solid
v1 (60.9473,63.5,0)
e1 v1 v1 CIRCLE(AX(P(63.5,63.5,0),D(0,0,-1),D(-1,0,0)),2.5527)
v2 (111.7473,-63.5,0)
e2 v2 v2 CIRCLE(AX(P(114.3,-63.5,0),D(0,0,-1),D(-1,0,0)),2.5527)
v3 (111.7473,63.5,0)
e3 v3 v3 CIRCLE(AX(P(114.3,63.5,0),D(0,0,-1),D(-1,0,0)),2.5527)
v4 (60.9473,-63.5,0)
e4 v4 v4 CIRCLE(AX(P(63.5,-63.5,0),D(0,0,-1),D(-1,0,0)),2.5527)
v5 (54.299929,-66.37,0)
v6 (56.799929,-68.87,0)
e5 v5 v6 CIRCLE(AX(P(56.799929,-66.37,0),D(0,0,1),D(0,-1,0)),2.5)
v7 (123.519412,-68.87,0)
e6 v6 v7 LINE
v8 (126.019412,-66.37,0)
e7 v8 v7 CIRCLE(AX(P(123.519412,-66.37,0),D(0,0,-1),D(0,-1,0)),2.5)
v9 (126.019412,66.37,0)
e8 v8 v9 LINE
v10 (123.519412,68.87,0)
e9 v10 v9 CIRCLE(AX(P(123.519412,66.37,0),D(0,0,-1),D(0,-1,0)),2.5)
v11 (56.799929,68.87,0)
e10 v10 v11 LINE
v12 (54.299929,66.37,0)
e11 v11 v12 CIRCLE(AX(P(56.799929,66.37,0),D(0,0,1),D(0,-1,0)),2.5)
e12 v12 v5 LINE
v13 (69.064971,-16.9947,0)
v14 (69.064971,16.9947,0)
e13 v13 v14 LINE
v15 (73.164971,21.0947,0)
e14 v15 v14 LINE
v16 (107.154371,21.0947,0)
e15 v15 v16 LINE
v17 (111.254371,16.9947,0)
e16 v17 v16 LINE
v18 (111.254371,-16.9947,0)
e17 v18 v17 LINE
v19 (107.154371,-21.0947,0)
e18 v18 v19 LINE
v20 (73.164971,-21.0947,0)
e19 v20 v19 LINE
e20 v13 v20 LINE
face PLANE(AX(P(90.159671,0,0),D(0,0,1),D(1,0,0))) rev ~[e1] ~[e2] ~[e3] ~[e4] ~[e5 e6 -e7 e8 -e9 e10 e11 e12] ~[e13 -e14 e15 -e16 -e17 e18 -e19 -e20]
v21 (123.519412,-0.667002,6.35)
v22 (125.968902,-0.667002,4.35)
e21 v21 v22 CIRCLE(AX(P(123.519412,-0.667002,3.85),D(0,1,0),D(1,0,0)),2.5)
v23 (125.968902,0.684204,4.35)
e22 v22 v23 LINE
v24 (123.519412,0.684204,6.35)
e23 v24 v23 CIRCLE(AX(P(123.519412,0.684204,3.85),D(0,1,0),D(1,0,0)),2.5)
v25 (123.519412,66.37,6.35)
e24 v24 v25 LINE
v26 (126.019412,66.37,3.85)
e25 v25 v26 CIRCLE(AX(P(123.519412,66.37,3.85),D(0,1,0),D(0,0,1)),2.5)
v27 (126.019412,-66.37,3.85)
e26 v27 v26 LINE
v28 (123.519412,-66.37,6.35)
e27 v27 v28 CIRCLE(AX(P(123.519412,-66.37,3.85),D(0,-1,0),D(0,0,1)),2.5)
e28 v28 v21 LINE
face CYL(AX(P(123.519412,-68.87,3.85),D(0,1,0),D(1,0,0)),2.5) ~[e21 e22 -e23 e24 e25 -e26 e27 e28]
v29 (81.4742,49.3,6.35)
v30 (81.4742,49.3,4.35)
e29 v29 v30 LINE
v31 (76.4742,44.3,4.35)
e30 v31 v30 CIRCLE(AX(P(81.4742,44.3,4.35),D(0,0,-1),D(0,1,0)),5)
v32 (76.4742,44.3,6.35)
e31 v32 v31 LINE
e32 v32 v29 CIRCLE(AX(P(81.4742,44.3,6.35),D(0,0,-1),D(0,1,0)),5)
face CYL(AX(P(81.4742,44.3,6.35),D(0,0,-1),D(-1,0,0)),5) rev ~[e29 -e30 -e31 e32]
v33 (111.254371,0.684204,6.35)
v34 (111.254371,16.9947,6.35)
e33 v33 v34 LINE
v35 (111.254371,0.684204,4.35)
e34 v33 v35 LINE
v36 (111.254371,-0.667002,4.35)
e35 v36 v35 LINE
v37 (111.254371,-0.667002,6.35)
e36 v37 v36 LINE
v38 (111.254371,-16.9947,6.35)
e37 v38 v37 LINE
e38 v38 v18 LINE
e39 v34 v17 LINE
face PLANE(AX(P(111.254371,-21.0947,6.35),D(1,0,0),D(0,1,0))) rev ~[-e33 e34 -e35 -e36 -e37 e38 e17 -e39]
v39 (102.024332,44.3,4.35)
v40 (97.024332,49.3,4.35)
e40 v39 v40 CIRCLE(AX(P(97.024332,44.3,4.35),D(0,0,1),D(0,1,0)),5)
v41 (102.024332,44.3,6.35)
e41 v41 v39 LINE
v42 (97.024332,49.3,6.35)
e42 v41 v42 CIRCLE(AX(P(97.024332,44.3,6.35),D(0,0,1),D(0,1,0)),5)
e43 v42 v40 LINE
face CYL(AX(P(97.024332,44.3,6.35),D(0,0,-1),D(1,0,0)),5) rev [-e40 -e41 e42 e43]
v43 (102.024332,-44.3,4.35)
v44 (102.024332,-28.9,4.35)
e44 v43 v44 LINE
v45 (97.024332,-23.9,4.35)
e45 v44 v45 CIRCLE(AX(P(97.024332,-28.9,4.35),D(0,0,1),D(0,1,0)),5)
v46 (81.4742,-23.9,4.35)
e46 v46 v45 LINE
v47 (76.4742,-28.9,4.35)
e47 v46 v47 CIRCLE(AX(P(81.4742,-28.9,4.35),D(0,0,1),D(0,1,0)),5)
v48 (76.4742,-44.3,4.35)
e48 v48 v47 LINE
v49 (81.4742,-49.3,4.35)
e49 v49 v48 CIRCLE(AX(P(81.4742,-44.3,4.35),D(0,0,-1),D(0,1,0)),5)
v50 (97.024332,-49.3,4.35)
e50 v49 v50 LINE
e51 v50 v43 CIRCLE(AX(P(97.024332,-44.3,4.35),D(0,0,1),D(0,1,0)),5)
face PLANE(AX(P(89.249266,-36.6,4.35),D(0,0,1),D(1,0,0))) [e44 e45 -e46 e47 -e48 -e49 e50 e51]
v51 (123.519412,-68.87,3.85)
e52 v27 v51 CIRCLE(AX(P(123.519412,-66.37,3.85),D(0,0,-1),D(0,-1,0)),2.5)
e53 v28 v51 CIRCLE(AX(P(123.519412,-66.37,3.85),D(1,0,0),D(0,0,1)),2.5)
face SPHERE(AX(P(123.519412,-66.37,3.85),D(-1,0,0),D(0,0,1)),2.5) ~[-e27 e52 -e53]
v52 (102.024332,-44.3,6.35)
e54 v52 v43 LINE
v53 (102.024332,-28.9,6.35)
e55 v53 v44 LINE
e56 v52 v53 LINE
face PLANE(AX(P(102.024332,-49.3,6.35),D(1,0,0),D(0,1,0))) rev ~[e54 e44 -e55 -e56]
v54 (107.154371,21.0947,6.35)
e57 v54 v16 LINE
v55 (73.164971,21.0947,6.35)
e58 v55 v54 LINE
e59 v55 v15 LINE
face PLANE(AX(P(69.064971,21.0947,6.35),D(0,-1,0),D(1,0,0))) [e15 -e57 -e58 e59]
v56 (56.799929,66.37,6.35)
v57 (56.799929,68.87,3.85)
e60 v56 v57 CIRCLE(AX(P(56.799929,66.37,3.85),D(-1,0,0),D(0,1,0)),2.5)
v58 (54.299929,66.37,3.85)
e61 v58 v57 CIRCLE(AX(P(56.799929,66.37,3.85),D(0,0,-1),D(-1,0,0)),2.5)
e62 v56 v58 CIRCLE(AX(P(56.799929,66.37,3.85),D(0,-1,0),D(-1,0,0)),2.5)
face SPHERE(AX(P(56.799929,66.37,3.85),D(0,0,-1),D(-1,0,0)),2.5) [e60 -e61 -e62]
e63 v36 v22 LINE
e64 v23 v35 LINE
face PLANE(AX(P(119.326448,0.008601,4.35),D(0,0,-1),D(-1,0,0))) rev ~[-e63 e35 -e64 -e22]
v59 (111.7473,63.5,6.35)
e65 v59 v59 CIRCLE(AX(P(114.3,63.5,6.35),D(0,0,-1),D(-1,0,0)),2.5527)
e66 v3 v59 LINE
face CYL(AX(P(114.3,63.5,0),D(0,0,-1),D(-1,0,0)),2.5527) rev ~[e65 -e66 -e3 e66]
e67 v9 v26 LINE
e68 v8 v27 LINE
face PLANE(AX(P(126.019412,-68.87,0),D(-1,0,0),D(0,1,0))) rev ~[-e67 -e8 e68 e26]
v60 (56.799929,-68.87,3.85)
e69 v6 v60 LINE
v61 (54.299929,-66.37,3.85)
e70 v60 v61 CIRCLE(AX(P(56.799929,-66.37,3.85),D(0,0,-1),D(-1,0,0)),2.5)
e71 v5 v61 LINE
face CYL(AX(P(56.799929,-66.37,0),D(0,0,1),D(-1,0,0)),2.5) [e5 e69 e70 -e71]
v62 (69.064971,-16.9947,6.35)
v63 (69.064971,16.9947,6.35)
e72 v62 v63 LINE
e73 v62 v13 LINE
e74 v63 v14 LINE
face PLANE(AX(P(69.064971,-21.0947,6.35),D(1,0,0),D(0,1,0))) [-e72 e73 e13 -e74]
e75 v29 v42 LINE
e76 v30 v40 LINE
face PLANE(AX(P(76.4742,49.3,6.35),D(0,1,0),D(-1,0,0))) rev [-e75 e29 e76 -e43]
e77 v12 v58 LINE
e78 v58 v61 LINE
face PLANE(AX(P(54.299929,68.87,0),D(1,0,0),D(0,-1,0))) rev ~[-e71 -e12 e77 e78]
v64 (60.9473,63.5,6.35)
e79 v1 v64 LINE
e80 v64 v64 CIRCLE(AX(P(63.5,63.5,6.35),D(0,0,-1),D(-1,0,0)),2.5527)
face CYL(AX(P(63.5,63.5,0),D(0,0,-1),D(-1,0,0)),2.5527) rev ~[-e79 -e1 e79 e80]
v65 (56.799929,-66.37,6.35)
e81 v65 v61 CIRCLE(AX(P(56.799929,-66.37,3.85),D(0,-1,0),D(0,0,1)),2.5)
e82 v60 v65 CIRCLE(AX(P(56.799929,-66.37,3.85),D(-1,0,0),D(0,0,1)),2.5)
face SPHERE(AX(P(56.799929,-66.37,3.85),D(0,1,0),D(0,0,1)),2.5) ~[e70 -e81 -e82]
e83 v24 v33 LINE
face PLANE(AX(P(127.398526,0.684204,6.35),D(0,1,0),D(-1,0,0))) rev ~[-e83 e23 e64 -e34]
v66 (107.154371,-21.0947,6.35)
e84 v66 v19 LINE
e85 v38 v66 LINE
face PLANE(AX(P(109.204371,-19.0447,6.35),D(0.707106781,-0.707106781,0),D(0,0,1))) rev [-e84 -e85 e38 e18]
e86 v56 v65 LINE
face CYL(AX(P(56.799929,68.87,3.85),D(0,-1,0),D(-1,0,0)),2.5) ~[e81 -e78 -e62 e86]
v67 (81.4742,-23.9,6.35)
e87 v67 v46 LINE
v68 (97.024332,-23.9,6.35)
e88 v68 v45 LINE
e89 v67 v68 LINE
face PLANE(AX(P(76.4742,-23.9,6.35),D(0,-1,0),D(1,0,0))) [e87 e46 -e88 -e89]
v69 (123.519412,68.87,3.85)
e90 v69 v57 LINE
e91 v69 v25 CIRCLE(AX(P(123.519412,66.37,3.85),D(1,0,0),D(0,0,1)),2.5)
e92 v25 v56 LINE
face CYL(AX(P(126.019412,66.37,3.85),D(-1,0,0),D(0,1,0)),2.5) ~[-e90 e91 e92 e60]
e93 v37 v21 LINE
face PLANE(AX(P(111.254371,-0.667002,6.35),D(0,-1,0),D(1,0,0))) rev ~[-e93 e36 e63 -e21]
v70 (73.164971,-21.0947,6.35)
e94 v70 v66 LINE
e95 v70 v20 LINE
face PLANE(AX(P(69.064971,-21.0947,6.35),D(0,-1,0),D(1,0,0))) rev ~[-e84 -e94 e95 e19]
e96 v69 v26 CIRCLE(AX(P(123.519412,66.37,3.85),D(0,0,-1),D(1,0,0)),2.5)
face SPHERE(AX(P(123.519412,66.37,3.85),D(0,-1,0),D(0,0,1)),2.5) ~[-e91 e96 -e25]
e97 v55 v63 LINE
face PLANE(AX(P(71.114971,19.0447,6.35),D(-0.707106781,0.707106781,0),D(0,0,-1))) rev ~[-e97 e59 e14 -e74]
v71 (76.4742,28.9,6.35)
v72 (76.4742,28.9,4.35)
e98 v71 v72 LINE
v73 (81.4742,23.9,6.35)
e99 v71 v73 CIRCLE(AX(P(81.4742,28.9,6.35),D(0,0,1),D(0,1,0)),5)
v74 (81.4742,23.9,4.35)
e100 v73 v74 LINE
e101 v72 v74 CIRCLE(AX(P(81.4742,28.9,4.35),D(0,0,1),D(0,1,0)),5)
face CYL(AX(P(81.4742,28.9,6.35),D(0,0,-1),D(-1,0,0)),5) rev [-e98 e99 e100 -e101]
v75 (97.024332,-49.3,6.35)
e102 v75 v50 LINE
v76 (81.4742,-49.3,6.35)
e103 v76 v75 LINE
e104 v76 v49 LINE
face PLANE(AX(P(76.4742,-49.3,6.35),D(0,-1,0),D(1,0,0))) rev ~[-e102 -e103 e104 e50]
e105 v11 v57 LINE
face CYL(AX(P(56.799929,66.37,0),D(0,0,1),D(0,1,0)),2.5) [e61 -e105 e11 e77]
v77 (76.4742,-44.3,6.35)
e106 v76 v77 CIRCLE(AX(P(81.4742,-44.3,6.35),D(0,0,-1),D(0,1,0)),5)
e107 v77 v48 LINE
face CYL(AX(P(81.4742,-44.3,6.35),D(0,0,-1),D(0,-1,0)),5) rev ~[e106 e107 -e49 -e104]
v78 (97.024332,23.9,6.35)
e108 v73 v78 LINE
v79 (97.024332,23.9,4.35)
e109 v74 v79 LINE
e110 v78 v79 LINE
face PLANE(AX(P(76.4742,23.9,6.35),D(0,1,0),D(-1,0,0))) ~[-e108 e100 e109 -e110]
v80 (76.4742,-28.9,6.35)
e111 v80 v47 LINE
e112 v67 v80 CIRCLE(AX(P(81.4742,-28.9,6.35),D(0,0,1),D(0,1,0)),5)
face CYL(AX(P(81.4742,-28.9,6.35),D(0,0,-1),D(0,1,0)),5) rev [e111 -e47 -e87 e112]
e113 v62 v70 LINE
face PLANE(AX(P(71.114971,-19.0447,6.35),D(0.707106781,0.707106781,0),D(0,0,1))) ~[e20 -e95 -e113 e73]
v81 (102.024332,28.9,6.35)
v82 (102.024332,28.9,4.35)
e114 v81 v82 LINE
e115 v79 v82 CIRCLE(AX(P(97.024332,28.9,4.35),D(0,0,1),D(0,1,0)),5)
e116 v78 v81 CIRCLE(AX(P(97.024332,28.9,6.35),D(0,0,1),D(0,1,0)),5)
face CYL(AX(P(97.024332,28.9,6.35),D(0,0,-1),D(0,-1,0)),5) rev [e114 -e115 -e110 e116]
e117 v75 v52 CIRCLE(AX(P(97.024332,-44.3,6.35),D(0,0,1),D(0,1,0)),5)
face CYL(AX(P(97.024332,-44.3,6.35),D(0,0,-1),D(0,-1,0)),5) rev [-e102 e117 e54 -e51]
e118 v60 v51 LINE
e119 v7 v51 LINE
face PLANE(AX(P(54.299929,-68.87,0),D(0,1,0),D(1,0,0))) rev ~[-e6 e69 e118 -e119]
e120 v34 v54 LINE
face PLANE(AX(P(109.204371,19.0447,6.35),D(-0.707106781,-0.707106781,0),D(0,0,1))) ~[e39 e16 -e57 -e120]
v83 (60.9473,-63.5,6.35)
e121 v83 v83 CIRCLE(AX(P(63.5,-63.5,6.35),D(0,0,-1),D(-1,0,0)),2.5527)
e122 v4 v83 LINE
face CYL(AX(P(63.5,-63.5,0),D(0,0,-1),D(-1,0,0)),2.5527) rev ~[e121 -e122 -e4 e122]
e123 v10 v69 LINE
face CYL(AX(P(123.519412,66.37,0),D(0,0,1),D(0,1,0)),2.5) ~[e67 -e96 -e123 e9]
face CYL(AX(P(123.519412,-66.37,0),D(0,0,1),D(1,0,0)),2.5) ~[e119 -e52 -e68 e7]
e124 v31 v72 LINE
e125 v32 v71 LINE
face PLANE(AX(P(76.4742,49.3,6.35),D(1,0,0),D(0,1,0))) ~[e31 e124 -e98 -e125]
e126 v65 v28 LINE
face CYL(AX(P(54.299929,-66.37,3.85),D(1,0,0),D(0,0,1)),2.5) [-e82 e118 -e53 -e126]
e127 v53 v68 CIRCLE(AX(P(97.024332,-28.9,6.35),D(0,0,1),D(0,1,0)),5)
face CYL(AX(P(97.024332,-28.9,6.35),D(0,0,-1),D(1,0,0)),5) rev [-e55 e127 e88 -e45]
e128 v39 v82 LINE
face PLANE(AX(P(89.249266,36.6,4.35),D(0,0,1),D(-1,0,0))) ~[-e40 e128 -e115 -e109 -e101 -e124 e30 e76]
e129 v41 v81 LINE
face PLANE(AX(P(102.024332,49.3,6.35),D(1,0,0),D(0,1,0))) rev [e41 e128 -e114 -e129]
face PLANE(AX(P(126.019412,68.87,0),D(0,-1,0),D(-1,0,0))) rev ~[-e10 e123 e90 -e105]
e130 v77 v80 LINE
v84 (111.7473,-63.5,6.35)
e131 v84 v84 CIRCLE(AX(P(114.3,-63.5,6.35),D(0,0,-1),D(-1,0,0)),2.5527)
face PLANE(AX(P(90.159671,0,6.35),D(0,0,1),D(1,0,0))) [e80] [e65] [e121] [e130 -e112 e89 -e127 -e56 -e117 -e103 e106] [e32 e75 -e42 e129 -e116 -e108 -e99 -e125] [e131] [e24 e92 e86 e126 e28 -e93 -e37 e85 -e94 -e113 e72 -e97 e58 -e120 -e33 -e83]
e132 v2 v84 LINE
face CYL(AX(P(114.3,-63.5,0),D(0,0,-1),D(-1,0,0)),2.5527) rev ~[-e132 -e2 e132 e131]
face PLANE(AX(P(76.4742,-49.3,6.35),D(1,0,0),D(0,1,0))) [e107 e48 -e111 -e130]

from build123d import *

# Parameters (mm, degrees)
BOSS_EXTRUDE3_DEPTH  = 6.35
SKETCH6_R            = 2.5527
CUT_EXTRUDE5_DEPTH   = 6.35
FILLET2_R            = 2.5
SKETCH7_R            = 3.43
CUT_EXTRUDE6_DEPTH   = 144.750797039
SKETCH10_W           = 42.1894
SKETCH10_H           = 42.1894
CUT_EXTRUDE8_DEPTH   = 144.750797039
CUT_EXTRUDE9_DEPTH   = 2
SKETCH12_W           = 25.550132031
SKETCH12_H           = 25.4
CUT_EXTRUDE10_DEPTH  = 2
FILLET3_R            = 5
FILLET3_OF_MIRROR1_R = 5
CHAMFER1_SIZE        = 4.1


with BuildPart() as part:
    # Sketch1 → Boss-Extrude3 (new body)
    with BuildSketch(Plane.XY):
        Polygon((126.019412193, 68.87), (68.0566, 68.87), (62.2146, 68.87), (54.299929099, 68.87), (54.299929099, -68.87), (62.2146, -68.87), (126.019412193, -68.87), align=None)
    extrude(amount=BOSS_EXTRUDE3_DEPTH)

    # Sketch6 → Cut-Extrude5 (cut)
    with BuildSketch(Plane(origin=(0, 0, 0), x_dir=(-1, 0, 0), z_dir=(0, 0, -1))):
        with Locations((-114.3, -63.5)):
            Circle(SKETCH6_R)
        with Locations((-63.5, -63.5)):
            Circle(SKETCH6_R)
        with Locations((-63.5, 63.5)):
            Circle(SKETCH6_R)
        with Locations((-114.3, 63.5)):
            Circle(SKETCH6_R)
    extrude(amount=-CUT_EXTRUDE5_DEPTH, mode=Mode.SUBTRACT)

    # Fillet2
    fillet2_edges = [part.edges().sort_by_distance(p)[0] for p in [
        (54.299929099, 68.87, 3.175),
        (54.299929099, 0, 6.35),
        (90.159670646, -68.87, 6.35),
        (126.019412193, 0, 6.35),
        (90.159670646, 68.87, 6.35),
        (126.019412193, 68.87, 3.175),
        (126.019412193, -68.87, 3.175),
        (54.299929099, -68.87, 3.175),
    ]]
    fillet(fillet2_edges, radius=FILLET2_R)

    # Sketch7 → Cut-Extrude6 (cut, through all)
    with BuildSketch(Plane.XY.offset(6.35)):
        with Locations((90.159670646, 0)):
            Circle(SKETCH7_R)
    extrude(amount=-CUT_EXTRUDE6_DEPTH, mode=Mode.SUBTRACT)

    # Sketch10 → Cut-Extrude8 (cut, through all)
    with BuildSketch(Plane.XY.offset(6.35)):
        with Locations((90.159670646, 0)):
            Rectangle(SKETCH10_W, SKETCH10_H)
    extrude(amount=-CUT_EXTRUDE8_DEPTH, mode=Mode.SUBTRACT)

    # Sketch11 → Cut-Extrude9 (cut)
    with BuildSketch(Plane.XY.offset(6.35)):
        Polygon((123.519412193, -0.667001733), (111.254370646, -0.667001733), (111.254370646, 0.684203883), (123.519412193, 0.684203883), (127.39852583, 0.684203883), (127.39852583, -0.667001733), align=None)
    extrude(amount=-CUT_EXTRUDE9_DEPTH, mode=Mode.SUBTRACT)

    # Sketch12 → Cut-Extrude10 (cut)
    with BuildSketch(Plane.XY.offset(6.35)):
        with Locations((89.249266016, -36.599999996)):
            Rectangle(SKETCH12_W, SKETCH12_H)
    cut_extrude10 = extrude(amount=-CUT_EXTRUDE10_DEPTH, mode=Mode.SUBTRACT)

    # Fillet3
    fillet3_edges = [part.edges().sort_by_distance(p)[0] for p in [
        (76.4742, -49.299999996, 5.35),
        (76.4742, -23.899999996, 5.35),
        (102.024332031, -23.899999996, 5.35),
        (102.024332031, -49.299999996, 5.35),
    ]]
    fillet(fillet3_edges, radius=FILLET3_R)

    # Mirror1: Cut-Extrude10 across plane
    add(cut_extrude10.mirror(Plane(origin=(0, 0, 0), x_dir=(0, 0, 1), z_dir=(0, -1, 0))), mode=Mode.SUBTRACT)

    # Fillet3 of Mirror1
    fillet3_of_mirror1_edges = [part.edges().sort_by_distance(p)[0] for p in [
        (76.4742, 49.299999996, 5.35),
        (76.4742, 23.899999996, 5.35),
        (102.024332031, 23.899999996, 5.35),
        (102.024332031, 49.299999996, 5.35),
    ]]
    fillet(fillet3_of_mirror1_edges, radius=FILLET3_OF_MIRROR1_R)

    # Chamfer1
    chamfer1_edges = [part.edges().sort_by_distance(p)[0] for p in [
        (111.254370646, 21.0947, 3.175),
        (111.254370646, -21.0947, 3.175),
        (69.064970646, -21.0947, 3.175),
        (69.064970646, 21.0947, 3.175),
    ]]
    chamfer(chamfer1_edges, length=CHAMFER1_SIZE)


solid = part.part
